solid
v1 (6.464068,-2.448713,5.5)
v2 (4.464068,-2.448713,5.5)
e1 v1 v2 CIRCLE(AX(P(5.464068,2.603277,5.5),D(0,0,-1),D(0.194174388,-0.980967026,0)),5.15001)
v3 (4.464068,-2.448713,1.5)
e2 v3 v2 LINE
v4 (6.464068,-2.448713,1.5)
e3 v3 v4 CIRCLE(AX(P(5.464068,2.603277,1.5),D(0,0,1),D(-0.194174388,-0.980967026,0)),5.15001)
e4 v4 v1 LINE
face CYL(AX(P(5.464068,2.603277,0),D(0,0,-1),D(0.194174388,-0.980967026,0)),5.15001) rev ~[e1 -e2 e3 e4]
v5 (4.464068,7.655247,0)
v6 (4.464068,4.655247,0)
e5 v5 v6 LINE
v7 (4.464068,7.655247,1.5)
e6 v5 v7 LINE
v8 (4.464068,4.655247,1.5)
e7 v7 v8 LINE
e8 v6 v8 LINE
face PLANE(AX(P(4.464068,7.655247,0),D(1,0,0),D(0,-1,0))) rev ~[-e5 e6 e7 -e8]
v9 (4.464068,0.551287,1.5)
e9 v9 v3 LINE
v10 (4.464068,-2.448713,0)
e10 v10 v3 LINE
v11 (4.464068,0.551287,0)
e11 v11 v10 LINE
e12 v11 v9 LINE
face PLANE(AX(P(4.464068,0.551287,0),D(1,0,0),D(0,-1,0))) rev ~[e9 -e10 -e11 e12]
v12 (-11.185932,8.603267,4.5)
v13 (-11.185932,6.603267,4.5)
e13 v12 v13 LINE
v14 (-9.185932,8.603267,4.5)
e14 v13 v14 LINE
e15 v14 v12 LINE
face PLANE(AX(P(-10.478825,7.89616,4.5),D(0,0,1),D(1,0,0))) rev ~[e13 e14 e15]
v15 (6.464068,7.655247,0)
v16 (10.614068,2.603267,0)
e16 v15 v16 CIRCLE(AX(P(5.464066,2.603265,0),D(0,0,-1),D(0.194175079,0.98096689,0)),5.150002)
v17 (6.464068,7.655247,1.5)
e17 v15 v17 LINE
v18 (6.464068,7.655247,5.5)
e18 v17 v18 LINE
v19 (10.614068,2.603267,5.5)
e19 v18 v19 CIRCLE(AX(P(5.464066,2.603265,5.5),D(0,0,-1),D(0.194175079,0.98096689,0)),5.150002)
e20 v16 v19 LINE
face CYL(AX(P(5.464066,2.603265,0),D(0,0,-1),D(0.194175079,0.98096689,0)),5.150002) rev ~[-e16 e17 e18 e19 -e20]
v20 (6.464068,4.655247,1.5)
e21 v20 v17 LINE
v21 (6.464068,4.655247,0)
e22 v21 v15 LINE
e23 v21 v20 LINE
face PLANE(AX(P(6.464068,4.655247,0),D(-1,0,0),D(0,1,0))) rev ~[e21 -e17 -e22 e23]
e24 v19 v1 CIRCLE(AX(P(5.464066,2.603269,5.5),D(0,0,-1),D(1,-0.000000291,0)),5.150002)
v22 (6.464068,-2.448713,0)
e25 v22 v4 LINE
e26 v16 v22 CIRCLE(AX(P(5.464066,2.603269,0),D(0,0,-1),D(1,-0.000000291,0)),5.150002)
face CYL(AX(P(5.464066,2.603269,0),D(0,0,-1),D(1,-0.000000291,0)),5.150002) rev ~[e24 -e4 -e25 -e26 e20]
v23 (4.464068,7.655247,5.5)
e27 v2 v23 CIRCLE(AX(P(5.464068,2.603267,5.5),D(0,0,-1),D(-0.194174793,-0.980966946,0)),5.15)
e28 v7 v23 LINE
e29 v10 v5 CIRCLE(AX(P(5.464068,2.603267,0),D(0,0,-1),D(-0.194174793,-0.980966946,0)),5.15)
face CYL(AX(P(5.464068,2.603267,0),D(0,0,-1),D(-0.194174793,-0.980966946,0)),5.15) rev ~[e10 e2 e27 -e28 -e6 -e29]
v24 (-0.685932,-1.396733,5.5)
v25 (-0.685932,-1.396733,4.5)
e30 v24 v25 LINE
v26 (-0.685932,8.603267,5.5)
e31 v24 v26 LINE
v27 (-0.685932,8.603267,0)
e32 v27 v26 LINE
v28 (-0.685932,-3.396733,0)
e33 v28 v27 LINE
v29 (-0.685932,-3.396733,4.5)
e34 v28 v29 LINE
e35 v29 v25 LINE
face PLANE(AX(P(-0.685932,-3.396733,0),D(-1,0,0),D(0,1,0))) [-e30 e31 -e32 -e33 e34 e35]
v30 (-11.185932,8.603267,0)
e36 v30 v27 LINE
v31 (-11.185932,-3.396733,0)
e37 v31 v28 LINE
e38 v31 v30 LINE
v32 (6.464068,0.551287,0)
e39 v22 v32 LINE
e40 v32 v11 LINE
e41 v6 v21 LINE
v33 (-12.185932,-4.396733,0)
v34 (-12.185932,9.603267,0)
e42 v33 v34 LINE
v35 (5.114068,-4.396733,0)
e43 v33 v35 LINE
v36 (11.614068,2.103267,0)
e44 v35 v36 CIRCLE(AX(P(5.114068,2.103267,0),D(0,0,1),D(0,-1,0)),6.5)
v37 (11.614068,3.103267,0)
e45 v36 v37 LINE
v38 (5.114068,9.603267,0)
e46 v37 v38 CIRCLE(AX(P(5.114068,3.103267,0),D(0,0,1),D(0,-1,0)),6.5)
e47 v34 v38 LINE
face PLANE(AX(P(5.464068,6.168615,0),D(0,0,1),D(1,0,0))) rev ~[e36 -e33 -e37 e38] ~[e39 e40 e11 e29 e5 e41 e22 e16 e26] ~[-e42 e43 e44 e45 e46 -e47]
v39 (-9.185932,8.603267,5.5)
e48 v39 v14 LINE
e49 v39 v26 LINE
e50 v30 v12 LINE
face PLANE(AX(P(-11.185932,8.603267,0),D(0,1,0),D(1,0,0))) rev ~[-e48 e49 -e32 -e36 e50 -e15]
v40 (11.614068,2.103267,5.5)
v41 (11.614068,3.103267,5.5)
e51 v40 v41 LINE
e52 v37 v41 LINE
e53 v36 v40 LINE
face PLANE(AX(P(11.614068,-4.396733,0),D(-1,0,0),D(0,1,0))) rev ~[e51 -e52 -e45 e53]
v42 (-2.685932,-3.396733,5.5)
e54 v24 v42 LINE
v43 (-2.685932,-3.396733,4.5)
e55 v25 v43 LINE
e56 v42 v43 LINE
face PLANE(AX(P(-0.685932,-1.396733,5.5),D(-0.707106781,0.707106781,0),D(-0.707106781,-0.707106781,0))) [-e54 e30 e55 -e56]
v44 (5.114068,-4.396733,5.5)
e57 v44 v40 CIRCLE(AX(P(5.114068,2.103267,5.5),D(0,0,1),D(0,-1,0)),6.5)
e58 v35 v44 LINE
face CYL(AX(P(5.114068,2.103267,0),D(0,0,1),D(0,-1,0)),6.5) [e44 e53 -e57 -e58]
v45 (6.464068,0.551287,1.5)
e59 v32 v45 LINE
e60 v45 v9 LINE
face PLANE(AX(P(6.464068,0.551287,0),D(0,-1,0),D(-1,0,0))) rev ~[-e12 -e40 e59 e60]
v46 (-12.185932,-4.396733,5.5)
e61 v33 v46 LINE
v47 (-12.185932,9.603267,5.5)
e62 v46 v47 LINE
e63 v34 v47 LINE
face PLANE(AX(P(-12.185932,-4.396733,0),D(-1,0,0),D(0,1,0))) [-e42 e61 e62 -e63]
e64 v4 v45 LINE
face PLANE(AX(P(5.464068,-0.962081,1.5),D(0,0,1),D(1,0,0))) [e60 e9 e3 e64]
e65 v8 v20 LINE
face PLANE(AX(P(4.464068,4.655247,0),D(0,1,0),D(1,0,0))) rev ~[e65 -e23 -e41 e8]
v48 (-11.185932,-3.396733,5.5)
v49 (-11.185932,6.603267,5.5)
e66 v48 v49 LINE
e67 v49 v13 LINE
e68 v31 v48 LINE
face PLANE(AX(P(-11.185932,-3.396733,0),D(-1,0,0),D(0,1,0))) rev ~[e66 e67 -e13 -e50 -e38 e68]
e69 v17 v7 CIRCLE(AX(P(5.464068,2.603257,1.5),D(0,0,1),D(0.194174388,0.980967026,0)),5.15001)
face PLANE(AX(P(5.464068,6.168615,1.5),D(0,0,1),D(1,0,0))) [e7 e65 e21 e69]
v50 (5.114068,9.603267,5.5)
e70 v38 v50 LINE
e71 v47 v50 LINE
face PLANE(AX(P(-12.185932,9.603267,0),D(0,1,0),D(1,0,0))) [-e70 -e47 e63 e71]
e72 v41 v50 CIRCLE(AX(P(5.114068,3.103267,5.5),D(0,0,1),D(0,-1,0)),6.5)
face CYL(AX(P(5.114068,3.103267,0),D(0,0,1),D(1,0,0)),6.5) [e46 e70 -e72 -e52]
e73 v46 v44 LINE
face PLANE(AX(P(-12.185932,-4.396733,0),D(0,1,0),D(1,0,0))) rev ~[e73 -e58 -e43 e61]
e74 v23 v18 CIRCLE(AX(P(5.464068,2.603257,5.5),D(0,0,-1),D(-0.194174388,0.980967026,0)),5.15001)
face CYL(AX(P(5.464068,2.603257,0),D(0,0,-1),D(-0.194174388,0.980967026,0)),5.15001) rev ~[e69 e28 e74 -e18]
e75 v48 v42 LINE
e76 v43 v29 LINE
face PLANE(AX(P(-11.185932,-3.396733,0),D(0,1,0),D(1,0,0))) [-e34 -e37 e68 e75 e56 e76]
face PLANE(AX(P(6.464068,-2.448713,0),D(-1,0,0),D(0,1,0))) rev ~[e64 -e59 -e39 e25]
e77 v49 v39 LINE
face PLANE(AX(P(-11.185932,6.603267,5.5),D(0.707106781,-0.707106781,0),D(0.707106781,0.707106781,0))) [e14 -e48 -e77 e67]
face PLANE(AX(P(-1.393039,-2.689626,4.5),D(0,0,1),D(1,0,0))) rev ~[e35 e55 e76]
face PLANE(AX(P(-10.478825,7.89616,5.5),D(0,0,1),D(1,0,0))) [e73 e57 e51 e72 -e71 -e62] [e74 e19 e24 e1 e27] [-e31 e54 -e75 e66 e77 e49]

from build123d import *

# Parameters (mm, degrees)
F0_W     = 23.8
F0_H     = 14
F0_W_2   = 10.5
F0_H_2   = 12
F1_DEPTH = 5.5
F2_DEPTH = 1.5
F4_DEPTH = 1
F5_R     = 6.5


with BuildPart() as f1:
    # F0 (on Top) → F1 (new body)
    with BuildSketch(Plane.XY):
        with Locations((-0.285932, 2.603267)):
            Rectangle(F0_W, F0_H)
        with Locations((-5.935932, 2.603267)):
            Rectangle(F0_W_2, F0_H_2, mode=Mode.SUBTRACT)
        with BuildLine():
            ThreePointArc((4.464068, 7.655247), (5.464068, 7.753267), (6.464068, 7.655247))
            ThreePointArc((6.464068, 7.655247), (9.443546, 5.87225), (10.614068, 2.603267))
            ThreePointArc((10.614068, 2.603267), (9.443546, -0.665716), (6.464068, -2.448713))
            ThreePointArc((6.464068, -2.448713), (5.464068, -2.546733), (4.464068, -2.448713))
            ThreePointArc((4.464068, -2.448713), (0.314068, 2.603267), (4.464068, 7.655247))
        make_face(mode=Mode.SUBTRACT)
    extrude(amount=F1_DEPTH)

    # F0 (on Top) → F2 (join)
    with BuildSketch(Plane.XY):
        with BuildLine():
            Line((4.464068, 4.655247), (6.464068, 4.655247))
            Line((6.464068, 4.655247), (6.464068, 7.655247))
            ThreePointArc((6.464068, 7.655247), (5.464068, 7.753267), (4.464068, 7.655247))
            Line((4.464068, 7.655247), (4.464068, 4.655247))
        make_face()
        with BuildLine():
            ThreePointArc((4.464068, -2.448713), (5.464068, -2.546733), (6.464068, -2.448713))
            Line((6.464068, -2.448713), (6.464068, 0.551287))
            Line((6.464068, 0.551287), (4.464068, 0.551287))
            Line((4.464068, 0.551287), (4.464068, -2.448713))
        make_face()
    extrude(amount=F2_DEPTH)

    # F3 (on face) → F4 (join)
    with BuildSketch(Plane.XY.offset(5.5)):
        Polygon((-9.185932, 8.603267), (-11.185932, 8.603267), (-11.185932, 6.603267), align=None)
        Polygon((-0.685932, -3.396733), (-0.685932, -1.396733), (-2.685932, -3.396733), align=None)
    extrude(amount=-F4_DEPTH)

    # F5
    f5_edges = [f1.edges().sort_by_distance(p)[0] for p in [
        (11.614068, 9.603267, 2.75),
        (11.614068, -4.396733, 2.75),
    ]]
    fillet(f5_edges, radius=F5_R)


solid = f1.part
